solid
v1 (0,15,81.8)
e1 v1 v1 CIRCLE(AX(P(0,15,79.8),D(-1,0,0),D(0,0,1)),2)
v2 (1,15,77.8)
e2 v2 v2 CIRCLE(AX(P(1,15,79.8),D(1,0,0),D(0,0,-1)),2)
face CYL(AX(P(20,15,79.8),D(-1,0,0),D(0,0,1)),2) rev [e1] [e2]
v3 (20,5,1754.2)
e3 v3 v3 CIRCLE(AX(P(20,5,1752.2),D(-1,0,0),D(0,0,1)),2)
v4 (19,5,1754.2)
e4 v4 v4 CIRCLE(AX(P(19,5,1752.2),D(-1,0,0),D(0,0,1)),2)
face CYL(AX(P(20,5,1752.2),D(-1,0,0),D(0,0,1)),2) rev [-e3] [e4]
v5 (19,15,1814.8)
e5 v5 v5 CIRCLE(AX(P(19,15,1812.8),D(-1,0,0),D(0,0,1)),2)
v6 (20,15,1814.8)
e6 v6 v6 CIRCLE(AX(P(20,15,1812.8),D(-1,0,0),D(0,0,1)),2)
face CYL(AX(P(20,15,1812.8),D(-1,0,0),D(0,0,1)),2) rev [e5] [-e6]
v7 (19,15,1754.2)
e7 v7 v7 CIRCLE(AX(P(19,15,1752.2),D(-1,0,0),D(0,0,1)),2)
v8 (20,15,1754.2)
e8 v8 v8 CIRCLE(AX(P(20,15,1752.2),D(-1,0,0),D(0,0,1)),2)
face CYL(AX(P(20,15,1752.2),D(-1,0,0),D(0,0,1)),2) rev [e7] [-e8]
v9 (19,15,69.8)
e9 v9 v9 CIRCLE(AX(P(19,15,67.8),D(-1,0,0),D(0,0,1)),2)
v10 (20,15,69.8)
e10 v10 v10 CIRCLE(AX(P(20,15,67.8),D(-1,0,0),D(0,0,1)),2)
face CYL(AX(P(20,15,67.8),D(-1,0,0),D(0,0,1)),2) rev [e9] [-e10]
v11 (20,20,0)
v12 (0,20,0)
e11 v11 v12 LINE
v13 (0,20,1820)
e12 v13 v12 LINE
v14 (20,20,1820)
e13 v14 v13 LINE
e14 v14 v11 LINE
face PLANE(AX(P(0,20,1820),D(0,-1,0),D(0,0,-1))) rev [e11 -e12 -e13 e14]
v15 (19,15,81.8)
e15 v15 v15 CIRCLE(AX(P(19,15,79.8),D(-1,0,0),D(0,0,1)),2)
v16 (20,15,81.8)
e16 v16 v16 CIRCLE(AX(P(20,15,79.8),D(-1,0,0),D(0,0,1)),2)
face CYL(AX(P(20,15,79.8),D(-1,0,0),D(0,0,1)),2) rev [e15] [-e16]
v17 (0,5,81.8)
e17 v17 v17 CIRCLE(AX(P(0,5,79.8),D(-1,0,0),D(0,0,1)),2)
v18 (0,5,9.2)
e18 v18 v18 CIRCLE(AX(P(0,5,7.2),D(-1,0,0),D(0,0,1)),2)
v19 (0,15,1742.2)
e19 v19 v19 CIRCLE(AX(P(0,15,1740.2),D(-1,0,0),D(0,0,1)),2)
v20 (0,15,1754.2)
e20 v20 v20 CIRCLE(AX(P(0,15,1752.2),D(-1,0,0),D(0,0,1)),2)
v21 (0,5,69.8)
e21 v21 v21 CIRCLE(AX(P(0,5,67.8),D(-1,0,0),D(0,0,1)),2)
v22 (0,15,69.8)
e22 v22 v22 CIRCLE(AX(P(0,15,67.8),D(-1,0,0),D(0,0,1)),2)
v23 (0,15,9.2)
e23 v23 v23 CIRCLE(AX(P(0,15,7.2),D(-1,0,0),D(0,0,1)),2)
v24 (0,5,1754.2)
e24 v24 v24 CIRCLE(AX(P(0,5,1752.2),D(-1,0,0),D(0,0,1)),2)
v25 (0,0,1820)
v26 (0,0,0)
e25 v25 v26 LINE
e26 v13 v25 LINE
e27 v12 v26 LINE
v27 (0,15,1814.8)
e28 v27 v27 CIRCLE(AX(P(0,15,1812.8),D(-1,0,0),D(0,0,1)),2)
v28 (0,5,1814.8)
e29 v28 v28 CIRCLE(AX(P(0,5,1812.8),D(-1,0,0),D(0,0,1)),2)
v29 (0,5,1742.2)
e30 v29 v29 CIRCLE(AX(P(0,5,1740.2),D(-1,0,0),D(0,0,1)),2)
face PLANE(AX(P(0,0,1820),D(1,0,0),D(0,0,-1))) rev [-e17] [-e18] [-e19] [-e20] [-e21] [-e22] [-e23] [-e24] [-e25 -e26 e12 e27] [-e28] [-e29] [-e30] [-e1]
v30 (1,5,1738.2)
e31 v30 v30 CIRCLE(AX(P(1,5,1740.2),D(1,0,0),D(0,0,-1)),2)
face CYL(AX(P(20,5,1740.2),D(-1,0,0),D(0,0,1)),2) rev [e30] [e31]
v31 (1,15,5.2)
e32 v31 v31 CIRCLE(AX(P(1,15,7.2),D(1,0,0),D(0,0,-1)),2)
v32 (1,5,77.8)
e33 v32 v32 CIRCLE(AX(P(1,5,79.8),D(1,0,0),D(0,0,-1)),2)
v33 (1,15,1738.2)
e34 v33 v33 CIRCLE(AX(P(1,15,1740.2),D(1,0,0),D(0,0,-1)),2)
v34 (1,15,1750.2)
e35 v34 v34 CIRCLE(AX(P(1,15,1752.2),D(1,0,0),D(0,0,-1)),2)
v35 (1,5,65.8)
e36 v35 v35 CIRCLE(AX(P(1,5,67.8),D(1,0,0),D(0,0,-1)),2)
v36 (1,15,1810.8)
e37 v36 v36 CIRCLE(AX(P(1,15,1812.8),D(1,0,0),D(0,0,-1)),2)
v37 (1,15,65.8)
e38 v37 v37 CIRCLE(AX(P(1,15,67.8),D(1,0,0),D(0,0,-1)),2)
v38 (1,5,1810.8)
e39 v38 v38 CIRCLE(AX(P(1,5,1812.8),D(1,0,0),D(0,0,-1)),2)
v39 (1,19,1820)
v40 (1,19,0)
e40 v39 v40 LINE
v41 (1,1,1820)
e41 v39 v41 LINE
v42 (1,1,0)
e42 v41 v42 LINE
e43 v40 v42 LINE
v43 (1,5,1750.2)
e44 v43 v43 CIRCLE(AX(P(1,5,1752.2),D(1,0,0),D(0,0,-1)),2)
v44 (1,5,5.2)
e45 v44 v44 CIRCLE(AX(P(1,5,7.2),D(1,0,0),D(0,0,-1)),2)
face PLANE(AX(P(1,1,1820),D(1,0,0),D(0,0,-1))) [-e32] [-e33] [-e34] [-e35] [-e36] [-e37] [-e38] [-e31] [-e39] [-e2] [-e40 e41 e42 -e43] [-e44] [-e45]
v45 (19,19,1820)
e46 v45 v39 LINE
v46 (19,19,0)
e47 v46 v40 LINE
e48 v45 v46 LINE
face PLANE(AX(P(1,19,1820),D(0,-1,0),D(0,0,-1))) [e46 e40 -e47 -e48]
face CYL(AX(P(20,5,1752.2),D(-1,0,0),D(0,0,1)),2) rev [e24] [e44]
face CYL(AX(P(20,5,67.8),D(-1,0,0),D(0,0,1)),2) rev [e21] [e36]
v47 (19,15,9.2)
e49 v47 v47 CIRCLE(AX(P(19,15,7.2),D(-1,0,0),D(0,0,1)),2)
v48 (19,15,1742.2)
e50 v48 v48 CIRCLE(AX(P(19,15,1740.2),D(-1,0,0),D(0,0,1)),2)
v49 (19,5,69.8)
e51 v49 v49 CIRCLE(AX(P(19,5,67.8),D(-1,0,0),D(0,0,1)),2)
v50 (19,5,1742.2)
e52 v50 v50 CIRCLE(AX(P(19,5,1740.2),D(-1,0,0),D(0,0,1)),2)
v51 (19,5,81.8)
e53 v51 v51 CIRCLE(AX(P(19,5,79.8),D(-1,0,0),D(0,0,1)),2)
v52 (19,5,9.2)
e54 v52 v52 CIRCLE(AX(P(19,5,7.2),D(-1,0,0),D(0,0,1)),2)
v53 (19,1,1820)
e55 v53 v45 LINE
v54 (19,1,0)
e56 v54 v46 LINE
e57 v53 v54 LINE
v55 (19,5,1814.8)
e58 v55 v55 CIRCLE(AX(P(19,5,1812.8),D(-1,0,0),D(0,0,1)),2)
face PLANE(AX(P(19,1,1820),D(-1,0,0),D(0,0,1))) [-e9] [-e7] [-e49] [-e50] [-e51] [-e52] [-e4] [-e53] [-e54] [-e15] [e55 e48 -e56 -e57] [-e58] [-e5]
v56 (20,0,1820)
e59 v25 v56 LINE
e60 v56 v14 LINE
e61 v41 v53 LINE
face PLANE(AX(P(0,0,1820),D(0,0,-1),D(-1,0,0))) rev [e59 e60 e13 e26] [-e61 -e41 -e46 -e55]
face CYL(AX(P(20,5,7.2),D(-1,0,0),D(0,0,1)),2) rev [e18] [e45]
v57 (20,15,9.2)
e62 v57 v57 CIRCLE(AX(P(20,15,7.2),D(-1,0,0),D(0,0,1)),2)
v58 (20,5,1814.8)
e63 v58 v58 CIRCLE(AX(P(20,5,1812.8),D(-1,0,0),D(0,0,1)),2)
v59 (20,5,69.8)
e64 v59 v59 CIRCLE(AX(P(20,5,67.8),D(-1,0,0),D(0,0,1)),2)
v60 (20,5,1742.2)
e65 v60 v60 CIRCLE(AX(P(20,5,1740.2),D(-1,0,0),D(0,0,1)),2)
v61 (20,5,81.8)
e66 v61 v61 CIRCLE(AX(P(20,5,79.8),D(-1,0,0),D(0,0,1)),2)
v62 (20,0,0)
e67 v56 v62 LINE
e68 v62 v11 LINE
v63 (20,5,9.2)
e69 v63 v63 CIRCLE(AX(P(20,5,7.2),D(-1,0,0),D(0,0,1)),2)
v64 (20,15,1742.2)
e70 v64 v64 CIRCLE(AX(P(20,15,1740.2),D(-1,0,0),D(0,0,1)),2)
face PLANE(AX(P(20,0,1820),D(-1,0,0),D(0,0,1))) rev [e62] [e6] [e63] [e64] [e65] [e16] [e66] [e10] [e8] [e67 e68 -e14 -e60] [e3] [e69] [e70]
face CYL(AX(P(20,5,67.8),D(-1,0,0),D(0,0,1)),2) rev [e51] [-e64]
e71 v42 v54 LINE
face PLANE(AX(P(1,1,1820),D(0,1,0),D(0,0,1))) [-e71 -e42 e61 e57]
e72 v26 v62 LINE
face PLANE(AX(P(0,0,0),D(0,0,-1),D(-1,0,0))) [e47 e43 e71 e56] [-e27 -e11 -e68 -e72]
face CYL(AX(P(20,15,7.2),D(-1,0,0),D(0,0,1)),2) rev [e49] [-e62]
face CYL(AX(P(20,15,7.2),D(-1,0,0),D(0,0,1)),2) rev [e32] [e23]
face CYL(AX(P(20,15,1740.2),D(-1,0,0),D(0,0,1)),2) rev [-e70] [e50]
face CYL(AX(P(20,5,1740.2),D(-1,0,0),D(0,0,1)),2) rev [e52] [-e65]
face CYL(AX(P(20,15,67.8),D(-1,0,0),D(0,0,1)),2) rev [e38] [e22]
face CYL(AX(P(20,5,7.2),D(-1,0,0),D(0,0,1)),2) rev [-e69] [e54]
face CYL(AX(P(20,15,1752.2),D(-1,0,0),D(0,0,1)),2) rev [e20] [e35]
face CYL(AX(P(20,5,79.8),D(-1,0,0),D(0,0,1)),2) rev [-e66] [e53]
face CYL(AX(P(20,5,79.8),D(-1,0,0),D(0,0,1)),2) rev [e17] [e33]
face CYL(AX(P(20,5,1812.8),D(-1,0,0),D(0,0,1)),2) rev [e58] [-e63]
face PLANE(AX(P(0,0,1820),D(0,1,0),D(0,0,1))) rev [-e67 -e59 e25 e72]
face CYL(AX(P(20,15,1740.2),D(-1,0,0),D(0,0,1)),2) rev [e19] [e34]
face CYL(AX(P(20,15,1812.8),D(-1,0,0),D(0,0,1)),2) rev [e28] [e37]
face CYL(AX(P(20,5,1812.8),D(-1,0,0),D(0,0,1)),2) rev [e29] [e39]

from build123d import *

# Parameters (mm, degrees)
SKETCH_1_W          = 20
SKETCH_1_H          = 20
SKETCH_1_W_2        = 18
SKETCH_1_H_2        = 18
EXTRUDE_1_DEPTH     = 1820
SKETCH_2_R          = 2
CUT_EXTRUDE_1_DEPTH = 1821.219766951


with BuildPart() as part:
    # 草图1 → 凸台-拉伸1 (new body)
    with BuildSketch(Plane.XY):
        with Locations((10, 10)):
            Rectangle(SKETCH_1_W, SKETCH_1_H)
        with Locations((10, 10)):
            Rectangle(SKETCH_1_W_2, SKETCH_1_H_2, mode=Mode.SUBTRACT)
    extrude(amount=EXTRUDE_1_DEPTH)

    # 草图2 → 切除-拉伸1 (cut, through all)
    with BuildSketch(Plane.ZY):
        with Locations((1812.8, 5)):
            Circle(SKETCH_2_R)
        with Locations((1812.8, 15)):
            Circle(SKETCH_2_R)
        with Locations((1752.2, 15)):
            Circle(SKETCH_2_R)
        with Locations((1740.2, 15)):
            Circle(SKETCH_2_R)
        with Locations((1740.2, 5)):
            Circle(SKETCH_2_R)
        with Locations((1752.2, 5)):
            Circle(SKETCH_2_R)
        with Locations((7.2, 5)):
            Circle(SKETCH_2_R)
        with Locations((7.2, 15)):
            Circle(SKETCH_2_R)
        with Locations((67.8, 15)):
            Circle(SKETCH_2_R)
        with Locations((79.8, 15)):
            Circle(SKETCH_2_R)
        with Locations((79.8, 5)):
            Circle(SKETCH_2_R)
        with Locations((67.8, 5)):
            Circle(SKETCH_2_R)
    extrude(amount=-CUT_EXTRUDE_1_DEPTH, mode=Mode.SUBTRACT)


solid = part.part
